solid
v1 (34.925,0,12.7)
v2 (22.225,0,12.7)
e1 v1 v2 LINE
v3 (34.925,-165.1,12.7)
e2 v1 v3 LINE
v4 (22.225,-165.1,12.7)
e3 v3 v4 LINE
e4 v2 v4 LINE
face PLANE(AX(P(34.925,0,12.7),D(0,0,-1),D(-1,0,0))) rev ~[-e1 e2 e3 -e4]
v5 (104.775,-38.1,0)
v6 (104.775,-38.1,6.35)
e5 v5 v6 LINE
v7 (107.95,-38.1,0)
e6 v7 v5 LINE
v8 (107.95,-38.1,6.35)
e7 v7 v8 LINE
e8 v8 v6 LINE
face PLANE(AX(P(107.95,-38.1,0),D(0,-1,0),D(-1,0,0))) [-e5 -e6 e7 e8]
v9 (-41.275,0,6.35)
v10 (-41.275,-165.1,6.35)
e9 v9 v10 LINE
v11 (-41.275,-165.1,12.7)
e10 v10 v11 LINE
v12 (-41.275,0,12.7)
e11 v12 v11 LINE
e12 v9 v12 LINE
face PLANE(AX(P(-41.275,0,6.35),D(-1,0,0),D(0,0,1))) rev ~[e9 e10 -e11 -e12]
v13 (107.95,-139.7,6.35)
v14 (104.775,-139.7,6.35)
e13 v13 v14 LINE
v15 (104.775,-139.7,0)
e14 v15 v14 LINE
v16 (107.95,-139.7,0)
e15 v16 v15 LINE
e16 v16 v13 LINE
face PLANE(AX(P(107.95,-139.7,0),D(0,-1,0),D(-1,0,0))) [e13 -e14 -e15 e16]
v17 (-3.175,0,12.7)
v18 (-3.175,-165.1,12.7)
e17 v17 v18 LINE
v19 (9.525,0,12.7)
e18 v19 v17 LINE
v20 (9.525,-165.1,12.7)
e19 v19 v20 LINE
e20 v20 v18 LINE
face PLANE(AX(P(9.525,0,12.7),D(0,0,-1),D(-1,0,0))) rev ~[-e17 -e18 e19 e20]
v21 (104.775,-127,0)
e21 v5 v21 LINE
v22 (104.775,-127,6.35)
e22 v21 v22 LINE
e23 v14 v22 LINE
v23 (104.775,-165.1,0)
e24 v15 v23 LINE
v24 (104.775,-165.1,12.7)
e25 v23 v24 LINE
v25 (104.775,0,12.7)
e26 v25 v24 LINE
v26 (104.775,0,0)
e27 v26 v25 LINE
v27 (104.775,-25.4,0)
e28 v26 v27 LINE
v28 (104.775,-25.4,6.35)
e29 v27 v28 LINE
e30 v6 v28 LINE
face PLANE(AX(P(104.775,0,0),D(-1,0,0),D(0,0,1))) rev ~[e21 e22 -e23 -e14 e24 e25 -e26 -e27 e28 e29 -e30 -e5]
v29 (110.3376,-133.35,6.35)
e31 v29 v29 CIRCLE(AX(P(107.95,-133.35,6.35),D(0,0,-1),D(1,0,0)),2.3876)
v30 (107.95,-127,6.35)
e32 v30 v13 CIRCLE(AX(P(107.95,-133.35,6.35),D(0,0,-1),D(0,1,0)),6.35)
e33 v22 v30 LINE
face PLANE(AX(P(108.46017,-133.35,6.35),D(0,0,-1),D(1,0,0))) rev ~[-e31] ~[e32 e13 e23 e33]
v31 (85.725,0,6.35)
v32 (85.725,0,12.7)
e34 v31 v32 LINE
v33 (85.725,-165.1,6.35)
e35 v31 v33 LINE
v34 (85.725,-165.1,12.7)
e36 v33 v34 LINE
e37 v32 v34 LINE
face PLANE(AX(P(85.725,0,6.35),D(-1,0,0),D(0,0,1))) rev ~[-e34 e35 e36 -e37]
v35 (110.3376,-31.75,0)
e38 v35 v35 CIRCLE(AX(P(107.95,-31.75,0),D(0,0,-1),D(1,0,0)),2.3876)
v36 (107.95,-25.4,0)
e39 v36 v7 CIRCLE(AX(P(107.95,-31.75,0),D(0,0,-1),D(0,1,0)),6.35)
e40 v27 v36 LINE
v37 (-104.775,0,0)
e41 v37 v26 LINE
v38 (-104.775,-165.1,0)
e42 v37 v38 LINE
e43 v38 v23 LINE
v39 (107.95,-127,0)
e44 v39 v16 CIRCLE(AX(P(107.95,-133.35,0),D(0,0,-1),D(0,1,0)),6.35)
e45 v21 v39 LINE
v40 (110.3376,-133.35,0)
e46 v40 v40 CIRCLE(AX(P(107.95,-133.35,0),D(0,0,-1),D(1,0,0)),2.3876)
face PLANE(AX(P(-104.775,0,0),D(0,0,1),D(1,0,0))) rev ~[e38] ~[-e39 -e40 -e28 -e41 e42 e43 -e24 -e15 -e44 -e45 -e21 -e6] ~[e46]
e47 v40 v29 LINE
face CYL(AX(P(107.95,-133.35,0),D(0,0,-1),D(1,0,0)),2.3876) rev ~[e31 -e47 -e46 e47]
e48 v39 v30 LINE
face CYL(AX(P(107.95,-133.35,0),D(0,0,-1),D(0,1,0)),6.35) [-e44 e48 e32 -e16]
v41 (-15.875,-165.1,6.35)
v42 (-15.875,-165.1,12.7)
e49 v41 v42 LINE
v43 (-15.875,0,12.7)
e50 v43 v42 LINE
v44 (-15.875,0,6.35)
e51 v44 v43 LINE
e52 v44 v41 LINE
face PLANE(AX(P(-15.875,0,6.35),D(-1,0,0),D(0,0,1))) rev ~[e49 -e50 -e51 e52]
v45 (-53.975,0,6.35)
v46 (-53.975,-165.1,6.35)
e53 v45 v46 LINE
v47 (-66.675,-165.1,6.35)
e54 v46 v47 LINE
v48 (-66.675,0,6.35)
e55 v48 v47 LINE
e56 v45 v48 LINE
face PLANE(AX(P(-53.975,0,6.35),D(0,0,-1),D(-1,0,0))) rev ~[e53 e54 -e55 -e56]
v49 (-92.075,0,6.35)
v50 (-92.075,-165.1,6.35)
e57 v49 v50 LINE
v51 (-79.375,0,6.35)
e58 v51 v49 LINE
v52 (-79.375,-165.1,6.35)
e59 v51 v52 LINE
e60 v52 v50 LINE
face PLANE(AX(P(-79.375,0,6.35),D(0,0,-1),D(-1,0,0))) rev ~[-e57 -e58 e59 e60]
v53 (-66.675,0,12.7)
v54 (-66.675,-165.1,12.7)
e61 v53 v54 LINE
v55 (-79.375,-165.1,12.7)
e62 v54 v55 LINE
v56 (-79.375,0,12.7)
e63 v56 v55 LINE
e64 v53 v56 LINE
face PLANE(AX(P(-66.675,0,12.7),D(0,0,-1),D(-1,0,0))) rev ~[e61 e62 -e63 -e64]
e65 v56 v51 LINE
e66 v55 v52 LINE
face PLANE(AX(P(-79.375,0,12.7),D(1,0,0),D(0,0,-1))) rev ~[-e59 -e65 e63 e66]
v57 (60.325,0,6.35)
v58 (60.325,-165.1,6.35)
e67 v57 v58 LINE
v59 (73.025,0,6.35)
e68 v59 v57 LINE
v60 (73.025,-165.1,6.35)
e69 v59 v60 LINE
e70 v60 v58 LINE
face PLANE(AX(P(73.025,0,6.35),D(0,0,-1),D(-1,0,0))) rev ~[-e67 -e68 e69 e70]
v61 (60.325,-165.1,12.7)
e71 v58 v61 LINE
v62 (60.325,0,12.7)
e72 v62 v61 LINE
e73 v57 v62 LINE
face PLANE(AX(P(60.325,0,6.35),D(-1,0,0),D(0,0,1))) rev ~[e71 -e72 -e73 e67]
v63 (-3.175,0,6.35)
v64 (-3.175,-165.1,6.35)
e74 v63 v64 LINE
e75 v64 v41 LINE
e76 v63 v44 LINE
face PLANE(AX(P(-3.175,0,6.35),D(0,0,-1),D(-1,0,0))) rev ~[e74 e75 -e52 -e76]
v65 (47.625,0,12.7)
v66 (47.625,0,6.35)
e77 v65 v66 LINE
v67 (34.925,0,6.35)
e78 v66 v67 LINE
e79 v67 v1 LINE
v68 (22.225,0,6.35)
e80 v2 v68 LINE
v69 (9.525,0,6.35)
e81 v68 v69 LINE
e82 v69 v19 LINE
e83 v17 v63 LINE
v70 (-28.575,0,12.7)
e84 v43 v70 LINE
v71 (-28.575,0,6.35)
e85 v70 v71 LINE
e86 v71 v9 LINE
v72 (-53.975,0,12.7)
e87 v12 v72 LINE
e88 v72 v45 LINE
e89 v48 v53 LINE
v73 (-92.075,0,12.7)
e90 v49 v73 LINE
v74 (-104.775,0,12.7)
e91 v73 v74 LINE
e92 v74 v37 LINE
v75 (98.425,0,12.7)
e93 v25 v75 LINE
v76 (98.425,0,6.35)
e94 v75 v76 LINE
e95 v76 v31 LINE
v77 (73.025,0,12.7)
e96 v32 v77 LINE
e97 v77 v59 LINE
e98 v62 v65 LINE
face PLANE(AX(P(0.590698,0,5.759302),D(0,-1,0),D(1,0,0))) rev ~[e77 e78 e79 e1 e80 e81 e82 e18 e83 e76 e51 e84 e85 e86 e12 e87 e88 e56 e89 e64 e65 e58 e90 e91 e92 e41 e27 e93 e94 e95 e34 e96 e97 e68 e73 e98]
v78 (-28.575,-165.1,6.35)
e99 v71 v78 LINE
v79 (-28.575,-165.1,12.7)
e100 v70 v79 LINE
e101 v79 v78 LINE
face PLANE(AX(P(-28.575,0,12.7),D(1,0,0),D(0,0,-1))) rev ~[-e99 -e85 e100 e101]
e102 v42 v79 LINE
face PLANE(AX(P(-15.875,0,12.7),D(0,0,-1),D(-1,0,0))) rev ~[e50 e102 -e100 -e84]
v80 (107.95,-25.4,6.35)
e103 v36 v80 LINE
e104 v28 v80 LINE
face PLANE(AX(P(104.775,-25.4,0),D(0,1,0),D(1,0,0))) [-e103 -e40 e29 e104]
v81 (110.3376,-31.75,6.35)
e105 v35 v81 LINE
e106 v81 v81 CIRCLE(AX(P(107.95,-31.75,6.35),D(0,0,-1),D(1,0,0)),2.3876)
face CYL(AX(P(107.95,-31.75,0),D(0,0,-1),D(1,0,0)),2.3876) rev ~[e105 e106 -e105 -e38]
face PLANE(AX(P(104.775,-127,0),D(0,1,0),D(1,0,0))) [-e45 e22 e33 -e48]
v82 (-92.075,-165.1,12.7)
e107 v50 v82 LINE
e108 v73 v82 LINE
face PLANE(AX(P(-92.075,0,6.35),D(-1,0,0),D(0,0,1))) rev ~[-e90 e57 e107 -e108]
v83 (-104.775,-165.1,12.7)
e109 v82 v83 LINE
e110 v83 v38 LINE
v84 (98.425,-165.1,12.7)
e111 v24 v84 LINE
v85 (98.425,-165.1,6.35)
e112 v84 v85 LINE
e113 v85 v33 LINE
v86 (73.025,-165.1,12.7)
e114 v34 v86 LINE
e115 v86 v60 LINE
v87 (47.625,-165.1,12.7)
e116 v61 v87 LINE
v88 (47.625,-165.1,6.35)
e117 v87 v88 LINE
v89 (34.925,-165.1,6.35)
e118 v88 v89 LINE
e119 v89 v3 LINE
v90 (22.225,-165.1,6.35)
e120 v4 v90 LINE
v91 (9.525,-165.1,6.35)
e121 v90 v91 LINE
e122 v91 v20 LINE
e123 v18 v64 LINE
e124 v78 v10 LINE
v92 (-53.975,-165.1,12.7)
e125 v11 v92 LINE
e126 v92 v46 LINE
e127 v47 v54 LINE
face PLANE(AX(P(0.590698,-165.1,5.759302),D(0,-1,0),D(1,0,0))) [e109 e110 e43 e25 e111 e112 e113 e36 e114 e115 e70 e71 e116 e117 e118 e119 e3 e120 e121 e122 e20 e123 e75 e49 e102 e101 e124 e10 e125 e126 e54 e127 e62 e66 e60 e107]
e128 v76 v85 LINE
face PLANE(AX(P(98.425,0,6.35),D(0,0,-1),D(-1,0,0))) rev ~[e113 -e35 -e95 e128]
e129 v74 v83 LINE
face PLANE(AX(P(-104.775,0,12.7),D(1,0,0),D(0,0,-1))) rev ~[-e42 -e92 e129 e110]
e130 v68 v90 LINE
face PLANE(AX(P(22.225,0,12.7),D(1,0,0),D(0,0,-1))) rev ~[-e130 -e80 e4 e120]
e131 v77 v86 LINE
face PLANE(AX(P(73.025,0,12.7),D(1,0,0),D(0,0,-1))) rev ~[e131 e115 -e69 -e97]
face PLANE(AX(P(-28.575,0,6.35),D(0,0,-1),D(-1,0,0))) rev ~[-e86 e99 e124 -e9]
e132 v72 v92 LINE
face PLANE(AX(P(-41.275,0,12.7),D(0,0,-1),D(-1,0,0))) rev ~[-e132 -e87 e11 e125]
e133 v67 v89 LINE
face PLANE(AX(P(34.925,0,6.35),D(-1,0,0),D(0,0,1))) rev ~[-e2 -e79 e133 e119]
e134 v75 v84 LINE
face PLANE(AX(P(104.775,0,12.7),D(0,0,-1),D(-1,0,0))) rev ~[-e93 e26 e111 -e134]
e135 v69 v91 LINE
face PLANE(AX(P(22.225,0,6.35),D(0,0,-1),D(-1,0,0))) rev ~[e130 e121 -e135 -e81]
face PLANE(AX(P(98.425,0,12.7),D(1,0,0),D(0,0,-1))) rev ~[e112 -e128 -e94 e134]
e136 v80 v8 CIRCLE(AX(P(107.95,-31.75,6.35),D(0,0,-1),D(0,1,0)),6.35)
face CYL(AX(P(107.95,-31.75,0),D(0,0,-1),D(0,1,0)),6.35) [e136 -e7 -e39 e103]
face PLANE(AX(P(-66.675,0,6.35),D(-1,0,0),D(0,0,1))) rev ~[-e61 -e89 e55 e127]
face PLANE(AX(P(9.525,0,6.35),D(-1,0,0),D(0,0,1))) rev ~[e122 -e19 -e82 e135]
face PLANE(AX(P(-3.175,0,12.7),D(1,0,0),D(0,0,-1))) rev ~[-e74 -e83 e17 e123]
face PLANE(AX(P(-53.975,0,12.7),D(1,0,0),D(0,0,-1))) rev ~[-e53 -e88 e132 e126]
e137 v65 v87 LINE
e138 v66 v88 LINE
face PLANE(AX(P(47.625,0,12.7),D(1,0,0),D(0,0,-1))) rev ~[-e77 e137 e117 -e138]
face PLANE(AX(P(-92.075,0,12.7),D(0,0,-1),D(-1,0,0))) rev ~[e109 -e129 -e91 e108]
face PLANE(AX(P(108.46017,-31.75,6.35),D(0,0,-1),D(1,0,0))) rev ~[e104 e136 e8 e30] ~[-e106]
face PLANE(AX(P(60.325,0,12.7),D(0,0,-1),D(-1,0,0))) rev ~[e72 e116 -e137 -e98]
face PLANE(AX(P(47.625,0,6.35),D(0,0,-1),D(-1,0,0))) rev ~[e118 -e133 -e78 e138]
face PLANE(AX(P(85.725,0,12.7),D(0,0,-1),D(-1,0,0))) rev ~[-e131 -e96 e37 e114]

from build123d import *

# Parameters (mm, degrees)
F1_DEPTH = 165.1
F2_R     = 2.3876
F3_DEPTH = 6.35


with BuildPart() as f1:
    # F0 (on Front) → F1 (new body)
    with BuildSketch(Plane.XZ):
        Polygon((-104.775, 12.7), (-104.775, 0), (104.775, 0), (104.775, 12.7), (98.425, 12.7), (98.425, 6.35), (85.725, 6.35), (85.725, 12.7), (73.025, 12.7), (73.025, 6.35), (60.325, 6.35), (60.325, 12.7), (47.625, 12.7), (47.625, 6.35), (34.925, 6.35), (34.925, 12.7), (22.225, 12.7), (22.225, 6.35), (9.525, 6.35), (9.525, 12.7), (-3.175, 12.7), (-3.175, 6.35), (-15.875, 6.35), (-15.875, 12.7), (-28.575, 12.7), (-28.575, 6.35), (-41.275, 6.35), (-41.275, 12.7), (-53.975, 12.7), (-53.975, 6.35), (-66.675, 6.35), (-66.675, 12.7), (-79.375, 12.7), (-79.375, 6.35), (-92.075, 6.35), (-92.075, 12.7), align=None)
    extrude(amount=F1_DEPTH)

    # F2 (on face) → F3 (join)
    with BuildSketch(Plane(origin=(0, 0, 0), x_dir=(1, 0, 0), z_dir=(0, 0, -1))):
        with BuildLine():
            Line((107.95, 139.7), (104.775, 139.7))
            Line((104.775, 139.7), (104.775, 127))
            Line((104.775, 127), (107.95, 127))
            ThreePointArc((107.95, 127), (114.3, 133.35), (107.95, 139.7))
        make_face()
        with Locations((107.95, 133.35)):
            Circle(F2_R, mode=Mode.SUBTRACT)
        with BuildLine():
            ThreePointArc((107.95, 25.4), (114.3, 31.75), (107.95, 38.1))
            Line((107.95, 38.1), (104.775, 38.1))
            Line((104.775, 38.1), (104.775, 25.4))
            Line((104.775, 25.4), (107.95, 25.4))
        make_face()
        with Locations((107.95, 31.75)):
            Circle(F2_R, mode=Mode.SUBTRACT)
    extrude(amount=-F3_DEPTH)


solid = f1.part
